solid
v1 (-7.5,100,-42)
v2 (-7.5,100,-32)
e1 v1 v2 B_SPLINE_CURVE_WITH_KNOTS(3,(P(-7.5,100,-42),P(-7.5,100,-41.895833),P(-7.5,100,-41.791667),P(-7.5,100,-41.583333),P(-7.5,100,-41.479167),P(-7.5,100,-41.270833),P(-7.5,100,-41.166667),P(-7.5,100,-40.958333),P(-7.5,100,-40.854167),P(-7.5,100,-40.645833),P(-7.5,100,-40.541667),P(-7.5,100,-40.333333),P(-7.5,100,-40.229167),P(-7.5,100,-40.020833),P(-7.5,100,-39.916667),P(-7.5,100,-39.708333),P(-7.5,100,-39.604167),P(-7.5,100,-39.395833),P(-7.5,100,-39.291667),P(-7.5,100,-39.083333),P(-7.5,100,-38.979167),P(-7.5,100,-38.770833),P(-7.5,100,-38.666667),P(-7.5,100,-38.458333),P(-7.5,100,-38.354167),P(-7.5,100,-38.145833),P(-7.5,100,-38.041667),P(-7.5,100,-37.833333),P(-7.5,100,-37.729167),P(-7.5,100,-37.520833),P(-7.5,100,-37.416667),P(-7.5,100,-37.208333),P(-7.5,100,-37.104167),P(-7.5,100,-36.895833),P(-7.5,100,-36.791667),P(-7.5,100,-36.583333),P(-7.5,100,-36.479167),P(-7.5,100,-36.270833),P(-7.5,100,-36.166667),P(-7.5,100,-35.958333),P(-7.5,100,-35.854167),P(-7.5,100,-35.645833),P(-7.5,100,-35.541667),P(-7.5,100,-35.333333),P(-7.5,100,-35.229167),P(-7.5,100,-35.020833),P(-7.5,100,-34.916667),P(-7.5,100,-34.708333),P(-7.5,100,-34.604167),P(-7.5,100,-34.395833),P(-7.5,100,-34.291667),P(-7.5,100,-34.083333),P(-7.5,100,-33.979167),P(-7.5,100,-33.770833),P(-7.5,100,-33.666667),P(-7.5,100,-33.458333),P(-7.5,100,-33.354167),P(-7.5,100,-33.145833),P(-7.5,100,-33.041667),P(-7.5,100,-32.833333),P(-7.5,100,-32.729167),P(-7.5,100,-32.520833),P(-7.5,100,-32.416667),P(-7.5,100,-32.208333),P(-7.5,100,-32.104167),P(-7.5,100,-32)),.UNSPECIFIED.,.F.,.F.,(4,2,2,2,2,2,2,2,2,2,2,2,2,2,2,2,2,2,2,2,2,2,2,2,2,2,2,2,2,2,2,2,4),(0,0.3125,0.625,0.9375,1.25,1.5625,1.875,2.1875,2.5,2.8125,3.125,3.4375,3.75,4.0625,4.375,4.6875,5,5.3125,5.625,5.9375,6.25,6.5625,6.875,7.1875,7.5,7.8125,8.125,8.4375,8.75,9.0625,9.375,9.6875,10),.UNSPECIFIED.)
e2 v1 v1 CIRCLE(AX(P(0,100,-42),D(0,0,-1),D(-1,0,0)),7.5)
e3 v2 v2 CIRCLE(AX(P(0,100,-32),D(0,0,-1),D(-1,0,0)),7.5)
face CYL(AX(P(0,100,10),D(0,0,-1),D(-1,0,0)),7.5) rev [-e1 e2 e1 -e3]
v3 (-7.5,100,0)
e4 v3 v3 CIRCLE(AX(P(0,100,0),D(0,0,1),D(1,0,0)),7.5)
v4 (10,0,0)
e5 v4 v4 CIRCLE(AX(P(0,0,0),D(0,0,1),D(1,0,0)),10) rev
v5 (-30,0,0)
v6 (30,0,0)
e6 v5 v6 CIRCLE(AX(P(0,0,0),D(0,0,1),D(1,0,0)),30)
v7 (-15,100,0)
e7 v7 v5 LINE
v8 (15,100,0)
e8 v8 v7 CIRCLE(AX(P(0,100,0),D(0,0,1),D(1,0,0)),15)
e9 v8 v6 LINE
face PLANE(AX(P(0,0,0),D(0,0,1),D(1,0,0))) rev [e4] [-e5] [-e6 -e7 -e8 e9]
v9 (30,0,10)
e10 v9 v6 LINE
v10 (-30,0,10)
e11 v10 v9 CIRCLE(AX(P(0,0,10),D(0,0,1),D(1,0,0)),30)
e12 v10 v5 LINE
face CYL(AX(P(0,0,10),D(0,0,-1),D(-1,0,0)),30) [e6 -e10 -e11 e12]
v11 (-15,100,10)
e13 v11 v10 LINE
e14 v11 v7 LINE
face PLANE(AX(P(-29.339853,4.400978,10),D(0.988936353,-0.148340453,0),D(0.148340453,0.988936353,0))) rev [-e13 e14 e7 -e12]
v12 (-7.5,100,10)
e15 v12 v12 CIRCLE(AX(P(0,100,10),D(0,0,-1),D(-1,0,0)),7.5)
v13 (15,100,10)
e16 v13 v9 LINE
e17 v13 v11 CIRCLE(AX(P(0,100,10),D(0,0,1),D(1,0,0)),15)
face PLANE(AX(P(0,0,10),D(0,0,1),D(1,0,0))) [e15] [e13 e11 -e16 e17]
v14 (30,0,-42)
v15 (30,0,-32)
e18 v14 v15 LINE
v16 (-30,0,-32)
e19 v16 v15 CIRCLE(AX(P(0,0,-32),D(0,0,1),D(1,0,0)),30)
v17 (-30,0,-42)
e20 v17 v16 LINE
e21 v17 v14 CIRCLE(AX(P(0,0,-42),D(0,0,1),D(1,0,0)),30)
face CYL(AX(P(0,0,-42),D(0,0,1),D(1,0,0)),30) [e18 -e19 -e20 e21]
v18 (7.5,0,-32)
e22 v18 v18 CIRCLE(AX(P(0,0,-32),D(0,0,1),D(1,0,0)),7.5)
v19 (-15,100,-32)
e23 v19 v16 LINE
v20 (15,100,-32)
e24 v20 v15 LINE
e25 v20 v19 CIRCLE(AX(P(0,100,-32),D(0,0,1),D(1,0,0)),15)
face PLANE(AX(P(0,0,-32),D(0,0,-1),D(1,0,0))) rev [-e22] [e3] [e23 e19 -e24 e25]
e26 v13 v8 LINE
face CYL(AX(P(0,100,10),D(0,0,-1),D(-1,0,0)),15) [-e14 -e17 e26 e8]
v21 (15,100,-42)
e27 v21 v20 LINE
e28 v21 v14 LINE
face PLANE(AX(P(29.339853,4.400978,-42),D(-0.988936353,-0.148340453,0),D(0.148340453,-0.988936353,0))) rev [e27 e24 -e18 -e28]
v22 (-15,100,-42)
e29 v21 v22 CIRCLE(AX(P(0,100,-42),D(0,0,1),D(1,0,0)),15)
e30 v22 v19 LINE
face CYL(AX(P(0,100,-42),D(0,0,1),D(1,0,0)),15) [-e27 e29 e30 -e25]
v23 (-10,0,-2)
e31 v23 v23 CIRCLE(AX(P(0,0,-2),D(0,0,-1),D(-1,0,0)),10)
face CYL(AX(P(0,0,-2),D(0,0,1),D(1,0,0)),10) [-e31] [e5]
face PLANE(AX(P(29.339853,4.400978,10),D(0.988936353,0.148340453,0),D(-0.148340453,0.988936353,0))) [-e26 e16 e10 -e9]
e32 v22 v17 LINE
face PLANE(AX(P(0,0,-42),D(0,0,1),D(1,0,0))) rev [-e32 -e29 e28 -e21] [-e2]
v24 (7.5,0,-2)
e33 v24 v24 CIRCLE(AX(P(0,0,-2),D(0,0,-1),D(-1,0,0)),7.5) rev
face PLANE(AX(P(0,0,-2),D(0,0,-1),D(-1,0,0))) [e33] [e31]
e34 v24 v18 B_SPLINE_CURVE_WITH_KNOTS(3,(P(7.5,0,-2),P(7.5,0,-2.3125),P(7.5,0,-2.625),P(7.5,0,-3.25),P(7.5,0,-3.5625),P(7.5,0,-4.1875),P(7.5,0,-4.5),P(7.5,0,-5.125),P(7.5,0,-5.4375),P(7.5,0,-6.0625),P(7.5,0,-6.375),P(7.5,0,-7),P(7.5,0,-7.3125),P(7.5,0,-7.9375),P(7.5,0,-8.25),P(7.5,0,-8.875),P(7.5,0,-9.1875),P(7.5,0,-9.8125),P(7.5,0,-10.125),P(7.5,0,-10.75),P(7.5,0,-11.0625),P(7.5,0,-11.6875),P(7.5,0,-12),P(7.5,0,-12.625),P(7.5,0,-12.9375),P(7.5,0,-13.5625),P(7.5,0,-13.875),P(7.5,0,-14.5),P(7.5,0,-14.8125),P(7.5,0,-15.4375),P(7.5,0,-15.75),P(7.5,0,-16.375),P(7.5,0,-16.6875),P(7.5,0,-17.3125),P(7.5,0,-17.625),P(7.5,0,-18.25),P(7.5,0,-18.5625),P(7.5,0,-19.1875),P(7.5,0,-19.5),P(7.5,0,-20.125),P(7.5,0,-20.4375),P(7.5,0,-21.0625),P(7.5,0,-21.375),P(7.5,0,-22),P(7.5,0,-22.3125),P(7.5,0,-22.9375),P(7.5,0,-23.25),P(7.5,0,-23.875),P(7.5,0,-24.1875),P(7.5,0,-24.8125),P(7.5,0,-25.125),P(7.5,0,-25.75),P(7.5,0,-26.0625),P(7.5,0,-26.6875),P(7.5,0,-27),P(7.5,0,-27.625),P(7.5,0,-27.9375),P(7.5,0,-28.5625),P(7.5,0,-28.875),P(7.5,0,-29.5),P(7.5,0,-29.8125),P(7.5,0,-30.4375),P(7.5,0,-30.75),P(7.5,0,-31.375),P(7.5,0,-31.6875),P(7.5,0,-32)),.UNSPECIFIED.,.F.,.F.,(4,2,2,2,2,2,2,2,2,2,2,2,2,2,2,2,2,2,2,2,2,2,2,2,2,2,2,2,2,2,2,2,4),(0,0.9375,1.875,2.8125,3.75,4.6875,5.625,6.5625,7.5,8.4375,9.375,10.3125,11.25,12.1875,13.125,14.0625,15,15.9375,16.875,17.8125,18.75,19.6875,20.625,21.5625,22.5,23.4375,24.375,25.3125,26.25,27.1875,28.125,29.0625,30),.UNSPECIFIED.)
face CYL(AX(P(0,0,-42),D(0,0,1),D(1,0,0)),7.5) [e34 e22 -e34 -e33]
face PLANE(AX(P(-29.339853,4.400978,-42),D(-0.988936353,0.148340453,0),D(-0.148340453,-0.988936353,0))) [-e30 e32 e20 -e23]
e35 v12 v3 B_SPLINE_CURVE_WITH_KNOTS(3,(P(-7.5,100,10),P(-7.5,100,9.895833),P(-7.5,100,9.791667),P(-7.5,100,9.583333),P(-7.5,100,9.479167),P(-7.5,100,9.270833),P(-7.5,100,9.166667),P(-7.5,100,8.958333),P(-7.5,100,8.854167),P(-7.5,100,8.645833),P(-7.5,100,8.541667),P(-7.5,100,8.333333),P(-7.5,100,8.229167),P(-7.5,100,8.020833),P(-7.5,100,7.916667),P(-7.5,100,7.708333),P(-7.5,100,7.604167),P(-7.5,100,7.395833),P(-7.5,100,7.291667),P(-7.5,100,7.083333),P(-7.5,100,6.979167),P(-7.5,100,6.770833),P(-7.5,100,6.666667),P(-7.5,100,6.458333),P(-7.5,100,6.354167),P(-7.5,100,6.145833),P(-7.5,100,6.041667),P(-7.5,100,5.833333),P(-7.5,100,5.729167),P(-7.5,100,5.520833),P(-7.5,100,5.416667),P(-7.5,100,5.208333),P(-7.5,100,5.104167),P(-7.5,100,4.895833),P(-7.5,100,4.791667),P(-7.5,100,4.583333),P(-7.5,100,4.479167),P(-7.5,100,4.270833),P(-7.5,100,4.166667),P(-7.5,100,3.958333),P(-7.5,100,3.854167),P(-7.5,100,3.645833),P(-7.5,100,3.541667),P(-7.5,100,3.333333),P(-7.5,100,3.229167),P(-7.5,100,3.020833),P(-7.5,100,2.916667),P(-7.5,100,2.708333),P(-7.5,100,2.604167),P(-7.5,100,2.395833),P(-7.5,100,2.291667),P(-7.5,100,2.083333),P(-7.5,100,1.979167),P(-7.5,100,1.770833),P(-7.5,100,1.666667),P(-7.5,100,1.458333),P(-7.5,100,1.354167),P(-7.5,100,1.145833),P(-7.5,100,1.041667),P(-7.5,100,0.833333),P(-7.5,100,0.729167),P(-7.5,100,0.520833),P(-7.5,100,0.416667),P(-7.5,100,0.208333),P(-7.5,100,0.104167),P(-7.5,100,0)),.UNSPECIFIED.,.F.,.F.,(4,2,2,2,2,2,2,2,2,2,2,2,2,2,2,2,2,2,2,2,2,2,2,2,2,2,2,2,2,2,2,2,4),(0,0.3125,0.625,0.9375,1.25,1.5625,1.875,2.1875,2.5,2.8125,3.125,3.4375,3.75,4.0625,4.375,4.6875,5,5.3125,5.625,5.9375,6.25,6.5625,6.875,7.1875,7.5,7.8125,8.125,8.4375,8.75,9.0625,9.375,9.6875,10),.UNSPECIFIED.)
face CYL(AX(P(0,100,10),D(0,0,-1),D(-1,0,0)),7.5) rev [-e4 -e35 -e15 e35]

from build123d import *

# Parameters (mm, degrees)
SKETCH1_R           = 7.5
SKETCH1_R_2         = 5
BOSS_EXTRUDE4_DEPTH = 10
BOSS_EXTRUDE5_START = -52
SKETCH6_R           = 7.5
BOSS_EXTRUDE5_DEPTH = 52
BOSS_EXTRUDE7_START = 2
SKETCH8_R           = 10
SKETCH8_R_2         = 7.5
BOSS_EXTRUDE7_DEPTH = 2
SKETCH10_R          = 7.5
CUT_EXTRUDE2_DEPTH  = 130.726635661


with BuildPart() as part:
    # Sketch1 → Boss-Extrude4 (new body)
    with BuildSketch(Plane.XY):
        with BuildLine():
            ThreePointArc((15, 100), (0, 115), (-15, 100))
            Line((-15, 100), (-28.679706601, 8.80195599))
            Line((-28.679706601, 8.80195599), (-30, 0))
            ThreePointArc((-30, 0), (0, -30), (30, 0))
            Line((30, 0), (28.679706601, 8.80195599))
            Line((28.679706601, 8.80195599), (15, 100))
        make_face()
        Circle(SKETCH1_R, mode=Mode.SUBTRACT)
        with Locations((0, 100)):
            Circle(SKETCH1_R_2, mode=Mode.SUBTRACT)
    boss_extrude4 = extrude(amount=BOSS_EXTRUDE4_DEPTH)

    # Sketch6 → Boss-Extrude5 (add)
    with BuildSketch(Plane.XY.offset(10).offset(BOSS_EXTRUDE5_START)):
        Circle(SKETCH6_R)
    extrude(amount=BOSS_EXTRUDE5_DEPTH)

    # Mirror1: Boss-Extrude4 across plane
    add(boss_extrude4.mirror(Plane.XY.offset(-16)))

    # Sketch8 → Boss-Extrude7 (add)
    with BuildSketch(Plane(origin=(0, 0, 0), x_dir=(-1, 0, 0), z_dir=(0, 0, -1)).offset(BOSS_EXTRUDE7_START)):
        with Locations(Location((0, 0, 0), (0, 0, 180))):
            Circle(SKETCH8_R)
        with Locations(Location((0, 0, 0), (0, 0, 180))):
            Circle(SKETCH8_R_2, mode=Mode.SUBTRACT)
    extrude(amount=-BOSS_EXTRUDE7_DEPTH)

    # Sketch10 → Cut-Extrude2 (cut, through all)
    with BuildSketch(Plane(origin=(0, 0, -42), x_dir=(-1, 0, 0), z_dir=(0, 0, -1))):
        with Locations((0, 100)):
            Circle(SKETCH10_R)
    extrude(amount=-CUT_EXTRUDE2_DEPTH, mode=Mode.SUBTRACT)


solid = part.part
